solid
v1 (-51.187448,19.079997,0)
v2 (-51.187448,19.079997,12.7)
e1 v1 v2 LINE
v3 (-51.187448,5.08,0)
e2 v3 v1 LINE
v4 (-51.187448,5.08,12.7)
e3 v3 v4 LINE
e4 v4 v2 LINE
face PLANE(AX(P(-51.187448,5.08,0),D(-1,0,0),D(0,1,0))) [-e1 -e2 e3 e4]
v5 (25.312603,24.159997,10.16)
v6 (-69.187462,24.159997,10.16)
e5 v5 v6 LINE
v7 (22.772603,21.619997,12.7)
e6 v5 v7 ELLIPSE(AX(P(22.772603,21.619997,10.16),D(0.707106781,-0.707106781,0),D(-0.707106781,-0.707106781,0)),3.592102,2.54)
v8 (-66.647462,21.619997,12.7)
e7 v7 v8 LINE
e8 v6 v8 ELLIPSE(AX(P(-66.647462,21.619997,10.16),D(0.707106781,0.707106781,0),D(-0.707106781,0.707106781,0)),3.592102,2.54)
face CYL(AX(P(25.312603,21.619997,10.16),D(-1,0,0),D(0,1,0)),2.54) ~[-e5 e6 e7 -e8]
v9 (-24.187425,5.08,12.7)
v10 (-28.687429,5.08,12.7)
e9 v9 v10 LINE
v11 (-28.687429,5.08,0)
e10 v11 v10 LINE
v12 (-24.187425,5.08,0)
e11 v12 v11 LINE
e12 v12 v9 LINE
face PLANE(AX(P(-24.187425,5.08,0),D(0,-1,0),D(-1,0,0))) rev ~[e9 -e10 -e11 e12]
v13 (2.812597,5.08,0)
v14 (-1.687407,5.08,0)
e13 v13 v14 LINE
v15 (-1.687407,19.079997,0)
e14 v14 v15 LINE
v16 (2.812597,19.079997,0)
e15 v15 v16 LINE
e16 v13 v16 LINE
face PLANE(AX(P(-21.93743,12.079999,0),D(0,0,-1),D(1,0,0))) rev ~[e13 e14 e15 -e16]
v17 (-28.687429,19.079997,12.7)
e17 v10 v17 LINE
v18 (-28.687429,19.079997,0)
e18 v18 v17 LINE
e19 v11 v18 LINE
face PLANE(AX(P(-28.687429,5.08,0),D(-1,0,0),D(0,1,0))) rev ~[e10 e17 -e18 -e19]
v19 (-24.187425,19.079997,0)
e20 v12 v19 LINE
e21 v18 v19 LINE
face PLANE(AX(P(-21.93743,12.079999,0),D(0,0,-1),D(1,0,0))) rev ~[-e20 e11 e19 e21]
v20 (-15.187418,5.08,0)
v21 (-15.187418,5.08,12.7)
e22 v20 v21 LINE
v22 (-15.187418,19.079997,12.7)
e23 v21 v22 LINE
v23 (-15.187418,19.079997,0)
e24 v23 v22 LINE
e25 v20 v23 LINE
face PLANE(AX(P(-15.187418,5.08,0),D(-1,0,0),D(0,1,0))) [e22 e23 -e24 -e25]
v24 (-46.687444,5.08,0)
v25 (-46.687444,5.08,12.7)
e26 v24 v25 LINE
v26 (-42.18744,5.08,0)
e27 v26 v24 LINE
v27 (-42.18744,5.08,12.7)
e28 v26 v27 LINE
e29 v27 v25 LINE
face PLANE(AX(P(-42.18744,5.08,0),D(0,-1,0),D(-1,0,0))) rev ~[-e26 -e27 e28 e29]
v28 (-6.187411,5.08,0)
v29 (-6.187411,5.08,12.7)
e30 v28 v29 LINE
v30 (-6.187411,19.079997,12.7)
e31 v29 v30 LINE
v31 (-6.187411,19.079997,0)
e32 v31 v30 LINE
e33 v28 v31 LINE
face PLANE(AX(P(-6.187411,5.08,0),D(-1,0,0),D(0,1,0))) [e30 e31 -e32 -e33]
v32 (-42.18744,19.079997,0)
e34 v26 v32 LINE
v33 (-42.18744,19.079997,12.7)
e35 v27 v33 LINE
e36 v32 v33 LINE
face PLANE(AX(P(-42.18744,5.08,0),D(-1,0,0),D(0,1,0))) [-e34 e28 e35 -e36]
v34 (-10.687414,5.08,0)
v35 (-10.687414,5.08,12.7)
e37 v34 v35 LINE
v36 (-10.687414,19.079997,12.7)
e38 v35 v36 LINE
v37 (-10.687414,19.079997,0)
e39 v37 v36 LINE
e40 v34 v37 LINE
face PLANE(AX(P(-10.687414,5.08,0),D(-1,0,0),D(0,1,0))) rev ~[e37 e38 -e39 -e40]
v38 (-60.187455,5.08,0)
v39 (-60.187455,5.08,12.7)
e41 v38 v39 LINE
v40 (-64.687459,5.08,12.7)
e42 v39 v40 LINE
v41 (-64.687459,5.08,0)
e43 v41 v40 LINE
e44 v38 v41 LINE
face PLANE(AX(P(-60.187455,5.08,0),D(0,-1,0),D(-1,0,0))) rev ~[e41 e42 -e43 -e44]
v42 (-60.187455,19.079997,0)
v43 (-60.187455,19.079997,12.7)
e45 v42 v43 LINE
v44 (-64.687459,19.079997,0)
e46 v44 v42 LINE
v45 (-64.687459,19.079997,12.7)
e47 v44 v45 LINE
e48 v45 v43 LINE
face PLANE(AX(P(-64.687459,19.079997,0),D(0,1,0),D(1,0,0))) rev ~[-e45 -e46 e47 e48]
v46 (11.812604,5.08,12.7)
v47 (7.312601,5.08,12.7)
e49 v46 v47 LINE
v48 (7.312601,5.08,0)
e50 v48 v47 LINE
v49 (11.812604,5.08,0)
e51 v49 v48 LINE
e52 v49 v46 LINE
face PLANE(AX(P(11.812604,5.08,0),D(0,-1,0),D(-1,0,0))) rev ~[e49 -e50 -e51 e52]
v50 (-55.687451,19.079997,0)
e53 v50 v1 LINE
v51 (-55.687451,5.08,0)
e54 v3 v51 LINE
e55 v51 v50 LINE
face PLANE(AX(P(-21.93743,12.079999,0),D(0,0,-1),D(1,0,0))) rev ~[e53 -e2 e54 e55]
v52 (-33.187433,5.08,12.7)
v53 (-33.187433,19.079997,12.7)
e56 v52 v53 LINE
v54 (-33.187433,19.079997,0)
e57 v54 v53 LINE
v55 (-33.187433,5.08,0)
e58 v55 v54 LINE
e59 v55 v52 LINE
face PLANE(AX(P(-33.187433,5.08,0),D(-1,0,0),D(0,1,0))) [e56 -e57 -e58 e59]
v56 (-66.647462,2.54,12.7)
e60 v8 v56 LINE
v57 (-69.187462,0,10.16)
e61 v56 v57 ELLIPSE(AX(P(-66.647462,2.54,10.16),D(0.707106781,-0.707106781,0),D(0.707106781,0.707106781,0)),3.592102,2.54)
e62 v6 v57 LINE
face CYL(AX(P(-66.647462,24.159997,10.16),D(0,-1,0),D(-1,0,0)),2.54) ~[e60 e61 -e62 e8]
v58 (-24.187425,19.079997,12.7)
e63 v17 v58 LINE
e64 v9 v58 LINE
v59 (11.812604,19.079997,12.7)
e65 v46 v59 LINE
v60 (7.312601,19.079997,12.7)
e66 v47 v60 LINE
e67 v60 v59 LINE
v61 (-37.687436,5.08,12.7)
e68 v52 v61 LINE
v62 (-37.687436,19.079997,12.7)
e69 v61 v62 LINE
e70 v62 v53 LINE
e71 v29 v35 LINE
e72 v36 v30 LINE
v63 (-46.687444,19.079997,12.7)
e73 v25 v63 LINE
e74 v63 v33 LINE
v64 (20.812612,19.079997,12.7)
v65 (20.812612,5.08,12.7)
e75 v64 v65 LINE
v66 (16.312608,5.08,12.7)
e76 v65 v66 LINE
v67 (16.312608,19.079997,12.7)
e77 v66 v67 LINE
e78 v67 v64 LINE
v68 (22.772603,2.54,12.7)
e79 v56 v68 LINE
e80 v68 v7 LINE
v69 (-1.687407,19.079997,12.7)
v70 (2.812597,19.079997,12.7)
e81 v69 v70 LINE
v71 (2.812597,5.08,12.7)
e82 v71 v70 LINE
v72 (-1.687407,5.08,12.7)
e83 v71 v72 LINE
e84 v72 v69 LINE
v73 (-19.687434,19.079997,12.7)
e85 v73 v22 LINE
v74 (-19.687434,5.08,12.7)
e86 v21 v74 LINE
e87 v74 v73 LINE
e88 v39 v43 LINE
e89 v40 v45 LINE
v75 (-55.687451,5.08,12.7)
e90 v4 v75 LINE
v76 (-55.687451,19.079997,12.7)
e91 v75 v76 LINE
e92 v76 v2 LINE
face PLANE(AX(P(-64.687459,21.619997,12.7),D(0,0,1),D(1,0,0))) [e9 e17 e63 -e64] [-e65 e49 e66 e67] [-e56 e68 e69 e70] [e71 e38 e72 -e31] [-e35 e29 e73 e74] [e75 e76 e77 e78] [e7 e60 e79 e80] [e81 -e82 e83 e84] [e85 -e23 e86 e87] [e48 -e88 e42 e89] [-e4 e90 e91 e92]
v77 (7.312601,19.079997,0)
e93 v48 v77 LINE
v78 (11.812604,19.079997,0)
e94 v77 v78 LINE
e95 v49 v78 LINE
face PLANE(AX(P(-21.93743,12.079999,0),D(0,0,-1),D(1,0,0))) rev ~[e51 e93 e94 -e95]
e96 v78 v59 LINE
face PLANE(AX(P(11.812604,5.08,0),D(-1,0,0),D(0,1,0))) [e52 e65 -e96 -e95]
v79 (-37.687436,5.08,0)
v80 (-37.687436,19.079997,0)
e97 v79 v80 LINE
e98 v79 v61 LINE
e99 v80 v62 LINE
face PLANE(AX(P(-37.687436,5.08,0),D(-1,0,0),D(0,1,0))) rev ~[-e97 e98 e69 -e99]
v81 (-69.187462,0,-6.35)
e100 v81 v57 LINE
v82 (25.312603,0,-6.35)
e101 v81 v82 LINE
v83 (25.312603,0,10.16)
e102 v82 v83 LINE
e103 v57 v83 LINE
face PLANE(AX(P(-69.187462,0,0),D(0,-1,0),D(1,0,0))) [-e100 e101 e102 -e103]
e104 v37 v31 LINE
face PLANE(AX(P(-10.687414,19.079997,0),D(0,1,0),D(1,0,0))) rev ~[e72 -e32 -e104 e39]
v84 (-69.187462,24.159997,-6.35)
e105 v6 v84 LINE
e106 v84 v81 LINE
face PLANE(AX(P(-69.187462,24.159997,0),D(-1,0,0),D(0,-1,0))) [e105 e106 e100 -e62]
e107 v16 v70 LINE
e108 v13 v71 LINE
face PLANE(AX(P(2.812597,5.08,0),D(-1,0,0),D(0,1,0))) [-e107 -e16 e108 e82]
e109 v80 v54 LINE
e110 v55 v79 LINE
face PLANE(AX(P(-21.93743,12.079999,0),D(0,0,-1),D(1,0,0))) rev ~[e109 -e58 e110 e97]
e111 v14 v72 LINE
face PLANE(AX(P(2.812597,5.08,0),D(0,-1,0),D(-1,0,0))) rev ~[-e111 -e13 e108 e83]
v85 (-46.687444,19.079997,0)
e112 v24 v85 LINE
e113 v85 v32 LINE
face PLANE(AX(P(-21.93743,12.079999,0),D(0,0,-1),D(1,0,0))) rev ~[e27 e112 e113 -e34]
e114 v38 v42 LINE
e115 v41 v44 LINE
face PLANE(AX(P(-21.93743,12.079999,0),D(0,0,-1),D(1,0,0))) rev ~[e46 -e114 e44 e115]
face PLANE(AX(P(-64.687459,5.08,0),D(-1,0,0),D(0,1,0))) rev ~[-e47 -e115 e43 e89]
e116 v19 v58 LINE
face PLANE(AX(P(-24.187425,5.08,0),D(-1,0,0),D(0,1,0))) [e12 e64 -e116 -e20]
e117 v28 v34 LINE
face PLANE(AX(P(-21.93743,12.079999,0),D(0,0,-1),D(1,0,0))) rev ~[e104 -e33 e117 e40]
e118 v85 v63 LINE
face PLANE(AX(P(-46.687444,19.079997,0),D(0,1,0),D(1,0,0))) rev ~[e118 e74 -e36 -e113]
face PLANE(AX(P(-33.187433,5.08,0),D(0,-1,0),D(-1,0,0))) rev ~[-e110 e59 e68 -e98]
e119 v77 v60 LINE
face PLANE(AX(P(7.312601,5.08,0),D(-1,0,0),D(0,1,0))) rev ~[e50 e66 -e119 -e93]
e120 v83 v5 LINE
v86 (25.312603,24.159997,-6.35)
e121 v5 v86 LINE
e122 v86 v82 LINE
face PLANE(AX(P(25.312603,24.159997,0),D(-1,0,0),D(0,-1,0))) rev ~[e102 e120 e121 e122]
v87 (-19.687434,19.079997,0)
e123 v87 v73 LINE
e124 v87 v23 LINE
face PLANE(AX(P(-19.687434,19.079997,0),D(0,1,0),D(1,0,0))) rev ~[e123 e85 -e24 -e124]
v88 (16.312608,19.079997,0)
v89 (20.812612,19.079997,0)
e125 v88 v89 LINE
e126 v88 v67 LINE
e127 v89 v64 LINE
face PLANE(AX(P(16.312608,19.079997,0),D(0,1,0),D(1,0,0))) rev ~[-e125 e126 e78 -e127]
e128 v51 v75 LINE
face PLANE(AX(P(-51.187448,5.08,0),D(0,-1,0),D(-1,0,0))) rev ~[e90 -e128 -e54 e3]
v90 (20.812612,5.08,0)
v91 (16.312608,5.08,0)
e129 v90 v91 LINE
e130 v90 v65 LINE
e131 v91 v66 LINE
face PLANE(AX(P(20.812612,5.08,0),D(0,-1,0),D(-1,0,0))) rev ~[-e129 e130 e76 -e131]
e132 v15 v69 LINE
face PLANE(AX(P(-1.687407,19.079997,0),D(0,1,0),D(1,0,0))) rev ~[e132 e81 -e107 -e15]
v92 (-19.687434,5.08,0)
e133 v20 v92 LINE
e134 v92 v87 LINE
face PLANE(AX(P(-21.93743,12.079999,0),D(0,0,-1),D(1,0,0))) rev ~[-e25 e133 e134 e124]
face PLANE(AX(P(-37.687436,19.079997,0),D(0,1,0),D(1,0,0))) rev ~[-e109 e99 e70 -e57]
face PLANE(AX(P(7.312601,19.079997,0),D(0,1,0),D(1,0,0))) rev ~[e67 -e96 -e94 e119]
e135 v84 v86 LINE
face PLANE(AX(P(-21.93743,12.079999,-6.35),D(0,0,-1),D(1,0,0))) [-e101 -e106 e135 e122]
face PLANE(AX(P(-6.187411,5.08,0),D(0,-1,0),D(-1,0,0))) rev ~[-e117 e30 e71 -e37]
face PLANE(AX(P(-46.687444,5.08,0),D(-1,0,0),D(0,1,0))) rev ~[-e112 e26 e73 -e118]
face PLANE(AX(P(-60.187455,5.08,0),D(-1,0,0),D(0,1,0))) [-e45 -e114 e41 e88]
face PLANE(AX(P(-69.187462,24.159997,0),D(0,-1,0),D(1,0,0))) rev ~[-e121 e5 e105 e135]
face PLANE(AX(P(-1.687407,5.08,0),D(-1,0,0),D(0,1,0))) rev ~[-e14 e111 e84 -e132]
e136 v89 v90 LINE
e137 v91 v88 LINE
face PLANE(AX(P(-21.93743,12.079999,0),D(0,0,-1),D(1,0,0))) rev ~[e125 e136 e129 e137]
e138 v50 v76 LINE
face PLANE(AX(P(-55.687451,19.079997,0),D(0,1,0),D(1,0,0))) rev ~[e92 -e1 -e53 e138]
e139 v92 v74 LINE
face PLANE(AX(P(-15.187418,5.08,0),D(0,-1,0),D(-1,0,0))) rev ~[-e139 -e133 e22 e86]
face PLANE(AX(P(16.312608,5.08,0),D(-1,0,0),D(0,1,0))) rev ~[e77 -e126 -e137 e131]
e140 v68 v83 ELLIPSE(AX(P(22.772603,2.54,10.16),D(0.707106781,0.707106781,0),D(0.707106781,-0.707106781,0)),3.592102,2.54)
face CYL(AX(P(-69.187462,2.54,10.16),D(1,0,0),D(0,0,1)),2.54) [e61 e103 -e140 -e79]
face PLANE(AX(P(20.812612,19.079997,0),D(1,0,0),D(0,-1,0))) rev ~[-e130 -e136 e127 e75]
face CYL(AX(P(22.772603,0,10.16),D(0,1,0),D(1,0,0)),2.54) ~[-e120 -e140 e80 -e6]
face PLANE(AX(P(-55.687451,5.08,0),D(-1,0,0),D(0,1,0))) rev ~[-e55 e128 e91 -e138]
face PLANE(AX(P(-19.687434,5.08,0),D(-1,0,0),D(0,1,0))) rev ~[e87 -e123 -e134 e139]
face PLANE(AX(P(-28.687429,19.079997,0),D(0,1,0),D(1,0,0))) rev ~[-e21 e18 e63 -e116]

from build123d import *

# Parameters (mm, degrees)
F0_W     = 4.5000037
F0_H     = 13.9999974
F0_W_2   = 4.499991
F0_H_2   = 5.08
F0_W_3   = 4.5000164
F1_DEPTH = 12.7
F2_W     = 94.500065
F2_H     = 24.1599974
F3_DEPTH = 6.35
F4_R     = 2.54


with BuildPart() as f1:
    # F0 (on Top) → F1 (new body)
    with BuildSketch(Plane.XY):
        Polygon((-64.6874586299, 19.0799974), (-60.1874549299, 19.0799974), (-60.1874549299, 24.1599974), (-69.1874623299, 24.1599974), (-69.1874623299, 19.0799974), align=None)
        with Locations((-66.9374604799, 12.0799987)):
            Rectangle(F0_W, F0_H)
        Polygon((-69.1874623299, 0), (-60.1874549299, 0), (-60.1874549299, 5.08), (-64.6874586299, 5.08), (-69.1874623299, 5.08), align=None)
        Polygon((-60.1874549299, 0), (-51.1874475299, 0), (-51.1874475299, 5.08), (-55.6874512299, 5.08), (-60.1874549299, 5.08), align=None)
        with Locations((-57.9374530799, 12.0799987)):
            Rectangle(F0_W, F0_H)
        Polygon((-55.6874512299, 19.0799974), (-51.1874475299, 19.0799974), (-51.1874475299, 24.1599974), (-60.1874549299, 24.1599974), (-60.1874549299, 19.0799974), align=None)
        Polygon((-46.6874438299, 19.0799974), (-42.1874401299, 19.0799974), (-42.1874401299, 24.1599974), (-51.1874475299, 24.1599974), (-51.1874475299, 19.0799974), align=None)
        with Locations((-48.9374456799, 12.0799987)):
            Rectangle(F0_W, F0_H)
        Polygon((-51.1874475299, 0), (-42.1874401299, 0), (-42.1874401299, 5.08), (-46.6874438299, 5.08), (-51.1874475299, 5.08), align=None)
        Polygon((-42.1874401299, 0), (-33.1874327299, 0), (-33.1874327299, 5.08), (-37.6874364299, 5.08), (-42.1874401299, 5.08), align=None)
        with Locations((-39.9374382799, 12.0799987)):
            Rectangle(F0_W, F0_H)
        Polygon((-37.6874364299, 19.0799974), (-33.1874327299, 19.0799974), (-33.1874327299, 24.1599974), (-42.1874401299, 24.1599974), (-42.1874401299, 19.0799974), align=None)
        Polygon((-28.6874290299, 19.0799974), (-24.1874253299, 19.0799974), (-24.1874253299, 24.1599974), (-33.1874327299, 24.1599974), (-33.1874327299, 19.0799974), align=None)
        with Locations((-30.9374308799, 12.0799987)):
            Rectangle(F0_W, F0_H)
        Polygon((-33.1874327299, 0), (-24.1874253299, 0), (-24.1874253299, 5.08), (-28.6874290299, 5.08), (-33.1874327299, 5.08), align=None)
        with Locations((-21.9374298299, 12.0799987)):
            Rectangle(F0_W_2, F0_H)
        with Locations((-21.9374298299, 2.54)):
            Rectangle(F0_W_2, F0_H_2)
        with Locations((-17.4374261299, 2.54)):
            Rectangle(F0_W_3, F0_H_2)
        Polygon((-24.1874253299, 24.1599974), (-24.1874253299, 19.0799974), (-19.6874343299, 19.0799974), (-15.1874179299, 19.0799974), (-15.1874179299, 24.1599974), align=None)
        Polygon((-15.1874179299, 5.08), (-15.1874179299, 0), (-6.1874105299, 0), (-6.1874105299, 5.08), (-10.6874142299, 5.08), align=None)
        with Locations((-12.9374160799, 12.0799987)):
            Rectangle(F0_W, F0_H)
        Polygon((-15.1874179299, 24.1599974), (-15.1874179299, 19.0799974), (-10.6874142299, 19.0799974), (-6.1874105299, 19.0799974), (-6.1874105299, 24.1599974), align=None)
        Polygon((-6.1874105299, 24.1599974), (-6.1874105299, 19.0799974), (-1.6874068299, 19.0799974), (2.8125968701, 19.0799974), (2.8125968701, 24.1599974), align=None)
        with Locations((-3.9374086799, 12.0799987)):
            Rectangle(F0_W, F0_H)
        Polygon((-6.1874105299, 5.08), (-6.1874105299, 0), (2.8125968701, 0), (2.8125968701, 5.08), (-1.6874068299, 5.08), align=None)
        Polygon((2.8125968701, 5.08), (2.8125968701, 0), (11.8126042701, 0), (11.8126042701, 5.08), (7.3126005701, 5.08), align=None)
        with Locations((5.0625987201, 12.0799987)):
            Rectangle(F0_W, F0_H)
        Polygon((2.8125968701, 24.1599974), (2.8125968701, 19.0799974), (7.3126005701, 19.0799974), (11.8126042701, 19.0799974), (11.8126042701, 24.1599974), align=None)
        Polygon((11.8126042701, 24.1599974), (11.8126042701, 19.0799974), (16.3126079701, 19.0799974), (20.8126116701, 19.0799974), (20.8126116701, 24.1599974), align=None)
        with Locations((14.0626061201, 12.0799987)):
            Rectangle(F0_W, F0_H)
        Polygon((11.8126042701, 5.08), (11.8126042701, 0), (20.8126116701, 0), (20.8126116701, 5.08), (16.3126079701, 5.08), align=None)
        Polygon((20.8126116701, 5.08), (20.8126116701, 0), (25.3126026701, 0), (25.3126026701, 24.1599974), (20.8126116701, 24.1599974), (20.8126116701, 19.0799974), align=None)
    extrude(amount=F1_DEPTH)

    # F2 (on face) → F3 (join)
    with BuildSketch(Plane(origin=(0, 0, 0), x_dir=(1, 0, 0), z_dir=(0, 0, -1))):
        with Locations((-21.9374298299, -12.0799987)):
            Rectangle(F2_W, F2_H)
    extrude(amount=F3_DEPTH)

    # F4
    f4_edges = [f1.edges().sort_by_distance(p)[0] for p in [
        (-21.93743, 24.159997, 12.7),
        (-21.93743, 0, 12.7),
        (-69.187462, 12.079999, 12.7),
        (25.312603, 12.079999, 12.7),
    ]]
    fillet(f4_edges, radius=F4_R)


solid = f1.part
